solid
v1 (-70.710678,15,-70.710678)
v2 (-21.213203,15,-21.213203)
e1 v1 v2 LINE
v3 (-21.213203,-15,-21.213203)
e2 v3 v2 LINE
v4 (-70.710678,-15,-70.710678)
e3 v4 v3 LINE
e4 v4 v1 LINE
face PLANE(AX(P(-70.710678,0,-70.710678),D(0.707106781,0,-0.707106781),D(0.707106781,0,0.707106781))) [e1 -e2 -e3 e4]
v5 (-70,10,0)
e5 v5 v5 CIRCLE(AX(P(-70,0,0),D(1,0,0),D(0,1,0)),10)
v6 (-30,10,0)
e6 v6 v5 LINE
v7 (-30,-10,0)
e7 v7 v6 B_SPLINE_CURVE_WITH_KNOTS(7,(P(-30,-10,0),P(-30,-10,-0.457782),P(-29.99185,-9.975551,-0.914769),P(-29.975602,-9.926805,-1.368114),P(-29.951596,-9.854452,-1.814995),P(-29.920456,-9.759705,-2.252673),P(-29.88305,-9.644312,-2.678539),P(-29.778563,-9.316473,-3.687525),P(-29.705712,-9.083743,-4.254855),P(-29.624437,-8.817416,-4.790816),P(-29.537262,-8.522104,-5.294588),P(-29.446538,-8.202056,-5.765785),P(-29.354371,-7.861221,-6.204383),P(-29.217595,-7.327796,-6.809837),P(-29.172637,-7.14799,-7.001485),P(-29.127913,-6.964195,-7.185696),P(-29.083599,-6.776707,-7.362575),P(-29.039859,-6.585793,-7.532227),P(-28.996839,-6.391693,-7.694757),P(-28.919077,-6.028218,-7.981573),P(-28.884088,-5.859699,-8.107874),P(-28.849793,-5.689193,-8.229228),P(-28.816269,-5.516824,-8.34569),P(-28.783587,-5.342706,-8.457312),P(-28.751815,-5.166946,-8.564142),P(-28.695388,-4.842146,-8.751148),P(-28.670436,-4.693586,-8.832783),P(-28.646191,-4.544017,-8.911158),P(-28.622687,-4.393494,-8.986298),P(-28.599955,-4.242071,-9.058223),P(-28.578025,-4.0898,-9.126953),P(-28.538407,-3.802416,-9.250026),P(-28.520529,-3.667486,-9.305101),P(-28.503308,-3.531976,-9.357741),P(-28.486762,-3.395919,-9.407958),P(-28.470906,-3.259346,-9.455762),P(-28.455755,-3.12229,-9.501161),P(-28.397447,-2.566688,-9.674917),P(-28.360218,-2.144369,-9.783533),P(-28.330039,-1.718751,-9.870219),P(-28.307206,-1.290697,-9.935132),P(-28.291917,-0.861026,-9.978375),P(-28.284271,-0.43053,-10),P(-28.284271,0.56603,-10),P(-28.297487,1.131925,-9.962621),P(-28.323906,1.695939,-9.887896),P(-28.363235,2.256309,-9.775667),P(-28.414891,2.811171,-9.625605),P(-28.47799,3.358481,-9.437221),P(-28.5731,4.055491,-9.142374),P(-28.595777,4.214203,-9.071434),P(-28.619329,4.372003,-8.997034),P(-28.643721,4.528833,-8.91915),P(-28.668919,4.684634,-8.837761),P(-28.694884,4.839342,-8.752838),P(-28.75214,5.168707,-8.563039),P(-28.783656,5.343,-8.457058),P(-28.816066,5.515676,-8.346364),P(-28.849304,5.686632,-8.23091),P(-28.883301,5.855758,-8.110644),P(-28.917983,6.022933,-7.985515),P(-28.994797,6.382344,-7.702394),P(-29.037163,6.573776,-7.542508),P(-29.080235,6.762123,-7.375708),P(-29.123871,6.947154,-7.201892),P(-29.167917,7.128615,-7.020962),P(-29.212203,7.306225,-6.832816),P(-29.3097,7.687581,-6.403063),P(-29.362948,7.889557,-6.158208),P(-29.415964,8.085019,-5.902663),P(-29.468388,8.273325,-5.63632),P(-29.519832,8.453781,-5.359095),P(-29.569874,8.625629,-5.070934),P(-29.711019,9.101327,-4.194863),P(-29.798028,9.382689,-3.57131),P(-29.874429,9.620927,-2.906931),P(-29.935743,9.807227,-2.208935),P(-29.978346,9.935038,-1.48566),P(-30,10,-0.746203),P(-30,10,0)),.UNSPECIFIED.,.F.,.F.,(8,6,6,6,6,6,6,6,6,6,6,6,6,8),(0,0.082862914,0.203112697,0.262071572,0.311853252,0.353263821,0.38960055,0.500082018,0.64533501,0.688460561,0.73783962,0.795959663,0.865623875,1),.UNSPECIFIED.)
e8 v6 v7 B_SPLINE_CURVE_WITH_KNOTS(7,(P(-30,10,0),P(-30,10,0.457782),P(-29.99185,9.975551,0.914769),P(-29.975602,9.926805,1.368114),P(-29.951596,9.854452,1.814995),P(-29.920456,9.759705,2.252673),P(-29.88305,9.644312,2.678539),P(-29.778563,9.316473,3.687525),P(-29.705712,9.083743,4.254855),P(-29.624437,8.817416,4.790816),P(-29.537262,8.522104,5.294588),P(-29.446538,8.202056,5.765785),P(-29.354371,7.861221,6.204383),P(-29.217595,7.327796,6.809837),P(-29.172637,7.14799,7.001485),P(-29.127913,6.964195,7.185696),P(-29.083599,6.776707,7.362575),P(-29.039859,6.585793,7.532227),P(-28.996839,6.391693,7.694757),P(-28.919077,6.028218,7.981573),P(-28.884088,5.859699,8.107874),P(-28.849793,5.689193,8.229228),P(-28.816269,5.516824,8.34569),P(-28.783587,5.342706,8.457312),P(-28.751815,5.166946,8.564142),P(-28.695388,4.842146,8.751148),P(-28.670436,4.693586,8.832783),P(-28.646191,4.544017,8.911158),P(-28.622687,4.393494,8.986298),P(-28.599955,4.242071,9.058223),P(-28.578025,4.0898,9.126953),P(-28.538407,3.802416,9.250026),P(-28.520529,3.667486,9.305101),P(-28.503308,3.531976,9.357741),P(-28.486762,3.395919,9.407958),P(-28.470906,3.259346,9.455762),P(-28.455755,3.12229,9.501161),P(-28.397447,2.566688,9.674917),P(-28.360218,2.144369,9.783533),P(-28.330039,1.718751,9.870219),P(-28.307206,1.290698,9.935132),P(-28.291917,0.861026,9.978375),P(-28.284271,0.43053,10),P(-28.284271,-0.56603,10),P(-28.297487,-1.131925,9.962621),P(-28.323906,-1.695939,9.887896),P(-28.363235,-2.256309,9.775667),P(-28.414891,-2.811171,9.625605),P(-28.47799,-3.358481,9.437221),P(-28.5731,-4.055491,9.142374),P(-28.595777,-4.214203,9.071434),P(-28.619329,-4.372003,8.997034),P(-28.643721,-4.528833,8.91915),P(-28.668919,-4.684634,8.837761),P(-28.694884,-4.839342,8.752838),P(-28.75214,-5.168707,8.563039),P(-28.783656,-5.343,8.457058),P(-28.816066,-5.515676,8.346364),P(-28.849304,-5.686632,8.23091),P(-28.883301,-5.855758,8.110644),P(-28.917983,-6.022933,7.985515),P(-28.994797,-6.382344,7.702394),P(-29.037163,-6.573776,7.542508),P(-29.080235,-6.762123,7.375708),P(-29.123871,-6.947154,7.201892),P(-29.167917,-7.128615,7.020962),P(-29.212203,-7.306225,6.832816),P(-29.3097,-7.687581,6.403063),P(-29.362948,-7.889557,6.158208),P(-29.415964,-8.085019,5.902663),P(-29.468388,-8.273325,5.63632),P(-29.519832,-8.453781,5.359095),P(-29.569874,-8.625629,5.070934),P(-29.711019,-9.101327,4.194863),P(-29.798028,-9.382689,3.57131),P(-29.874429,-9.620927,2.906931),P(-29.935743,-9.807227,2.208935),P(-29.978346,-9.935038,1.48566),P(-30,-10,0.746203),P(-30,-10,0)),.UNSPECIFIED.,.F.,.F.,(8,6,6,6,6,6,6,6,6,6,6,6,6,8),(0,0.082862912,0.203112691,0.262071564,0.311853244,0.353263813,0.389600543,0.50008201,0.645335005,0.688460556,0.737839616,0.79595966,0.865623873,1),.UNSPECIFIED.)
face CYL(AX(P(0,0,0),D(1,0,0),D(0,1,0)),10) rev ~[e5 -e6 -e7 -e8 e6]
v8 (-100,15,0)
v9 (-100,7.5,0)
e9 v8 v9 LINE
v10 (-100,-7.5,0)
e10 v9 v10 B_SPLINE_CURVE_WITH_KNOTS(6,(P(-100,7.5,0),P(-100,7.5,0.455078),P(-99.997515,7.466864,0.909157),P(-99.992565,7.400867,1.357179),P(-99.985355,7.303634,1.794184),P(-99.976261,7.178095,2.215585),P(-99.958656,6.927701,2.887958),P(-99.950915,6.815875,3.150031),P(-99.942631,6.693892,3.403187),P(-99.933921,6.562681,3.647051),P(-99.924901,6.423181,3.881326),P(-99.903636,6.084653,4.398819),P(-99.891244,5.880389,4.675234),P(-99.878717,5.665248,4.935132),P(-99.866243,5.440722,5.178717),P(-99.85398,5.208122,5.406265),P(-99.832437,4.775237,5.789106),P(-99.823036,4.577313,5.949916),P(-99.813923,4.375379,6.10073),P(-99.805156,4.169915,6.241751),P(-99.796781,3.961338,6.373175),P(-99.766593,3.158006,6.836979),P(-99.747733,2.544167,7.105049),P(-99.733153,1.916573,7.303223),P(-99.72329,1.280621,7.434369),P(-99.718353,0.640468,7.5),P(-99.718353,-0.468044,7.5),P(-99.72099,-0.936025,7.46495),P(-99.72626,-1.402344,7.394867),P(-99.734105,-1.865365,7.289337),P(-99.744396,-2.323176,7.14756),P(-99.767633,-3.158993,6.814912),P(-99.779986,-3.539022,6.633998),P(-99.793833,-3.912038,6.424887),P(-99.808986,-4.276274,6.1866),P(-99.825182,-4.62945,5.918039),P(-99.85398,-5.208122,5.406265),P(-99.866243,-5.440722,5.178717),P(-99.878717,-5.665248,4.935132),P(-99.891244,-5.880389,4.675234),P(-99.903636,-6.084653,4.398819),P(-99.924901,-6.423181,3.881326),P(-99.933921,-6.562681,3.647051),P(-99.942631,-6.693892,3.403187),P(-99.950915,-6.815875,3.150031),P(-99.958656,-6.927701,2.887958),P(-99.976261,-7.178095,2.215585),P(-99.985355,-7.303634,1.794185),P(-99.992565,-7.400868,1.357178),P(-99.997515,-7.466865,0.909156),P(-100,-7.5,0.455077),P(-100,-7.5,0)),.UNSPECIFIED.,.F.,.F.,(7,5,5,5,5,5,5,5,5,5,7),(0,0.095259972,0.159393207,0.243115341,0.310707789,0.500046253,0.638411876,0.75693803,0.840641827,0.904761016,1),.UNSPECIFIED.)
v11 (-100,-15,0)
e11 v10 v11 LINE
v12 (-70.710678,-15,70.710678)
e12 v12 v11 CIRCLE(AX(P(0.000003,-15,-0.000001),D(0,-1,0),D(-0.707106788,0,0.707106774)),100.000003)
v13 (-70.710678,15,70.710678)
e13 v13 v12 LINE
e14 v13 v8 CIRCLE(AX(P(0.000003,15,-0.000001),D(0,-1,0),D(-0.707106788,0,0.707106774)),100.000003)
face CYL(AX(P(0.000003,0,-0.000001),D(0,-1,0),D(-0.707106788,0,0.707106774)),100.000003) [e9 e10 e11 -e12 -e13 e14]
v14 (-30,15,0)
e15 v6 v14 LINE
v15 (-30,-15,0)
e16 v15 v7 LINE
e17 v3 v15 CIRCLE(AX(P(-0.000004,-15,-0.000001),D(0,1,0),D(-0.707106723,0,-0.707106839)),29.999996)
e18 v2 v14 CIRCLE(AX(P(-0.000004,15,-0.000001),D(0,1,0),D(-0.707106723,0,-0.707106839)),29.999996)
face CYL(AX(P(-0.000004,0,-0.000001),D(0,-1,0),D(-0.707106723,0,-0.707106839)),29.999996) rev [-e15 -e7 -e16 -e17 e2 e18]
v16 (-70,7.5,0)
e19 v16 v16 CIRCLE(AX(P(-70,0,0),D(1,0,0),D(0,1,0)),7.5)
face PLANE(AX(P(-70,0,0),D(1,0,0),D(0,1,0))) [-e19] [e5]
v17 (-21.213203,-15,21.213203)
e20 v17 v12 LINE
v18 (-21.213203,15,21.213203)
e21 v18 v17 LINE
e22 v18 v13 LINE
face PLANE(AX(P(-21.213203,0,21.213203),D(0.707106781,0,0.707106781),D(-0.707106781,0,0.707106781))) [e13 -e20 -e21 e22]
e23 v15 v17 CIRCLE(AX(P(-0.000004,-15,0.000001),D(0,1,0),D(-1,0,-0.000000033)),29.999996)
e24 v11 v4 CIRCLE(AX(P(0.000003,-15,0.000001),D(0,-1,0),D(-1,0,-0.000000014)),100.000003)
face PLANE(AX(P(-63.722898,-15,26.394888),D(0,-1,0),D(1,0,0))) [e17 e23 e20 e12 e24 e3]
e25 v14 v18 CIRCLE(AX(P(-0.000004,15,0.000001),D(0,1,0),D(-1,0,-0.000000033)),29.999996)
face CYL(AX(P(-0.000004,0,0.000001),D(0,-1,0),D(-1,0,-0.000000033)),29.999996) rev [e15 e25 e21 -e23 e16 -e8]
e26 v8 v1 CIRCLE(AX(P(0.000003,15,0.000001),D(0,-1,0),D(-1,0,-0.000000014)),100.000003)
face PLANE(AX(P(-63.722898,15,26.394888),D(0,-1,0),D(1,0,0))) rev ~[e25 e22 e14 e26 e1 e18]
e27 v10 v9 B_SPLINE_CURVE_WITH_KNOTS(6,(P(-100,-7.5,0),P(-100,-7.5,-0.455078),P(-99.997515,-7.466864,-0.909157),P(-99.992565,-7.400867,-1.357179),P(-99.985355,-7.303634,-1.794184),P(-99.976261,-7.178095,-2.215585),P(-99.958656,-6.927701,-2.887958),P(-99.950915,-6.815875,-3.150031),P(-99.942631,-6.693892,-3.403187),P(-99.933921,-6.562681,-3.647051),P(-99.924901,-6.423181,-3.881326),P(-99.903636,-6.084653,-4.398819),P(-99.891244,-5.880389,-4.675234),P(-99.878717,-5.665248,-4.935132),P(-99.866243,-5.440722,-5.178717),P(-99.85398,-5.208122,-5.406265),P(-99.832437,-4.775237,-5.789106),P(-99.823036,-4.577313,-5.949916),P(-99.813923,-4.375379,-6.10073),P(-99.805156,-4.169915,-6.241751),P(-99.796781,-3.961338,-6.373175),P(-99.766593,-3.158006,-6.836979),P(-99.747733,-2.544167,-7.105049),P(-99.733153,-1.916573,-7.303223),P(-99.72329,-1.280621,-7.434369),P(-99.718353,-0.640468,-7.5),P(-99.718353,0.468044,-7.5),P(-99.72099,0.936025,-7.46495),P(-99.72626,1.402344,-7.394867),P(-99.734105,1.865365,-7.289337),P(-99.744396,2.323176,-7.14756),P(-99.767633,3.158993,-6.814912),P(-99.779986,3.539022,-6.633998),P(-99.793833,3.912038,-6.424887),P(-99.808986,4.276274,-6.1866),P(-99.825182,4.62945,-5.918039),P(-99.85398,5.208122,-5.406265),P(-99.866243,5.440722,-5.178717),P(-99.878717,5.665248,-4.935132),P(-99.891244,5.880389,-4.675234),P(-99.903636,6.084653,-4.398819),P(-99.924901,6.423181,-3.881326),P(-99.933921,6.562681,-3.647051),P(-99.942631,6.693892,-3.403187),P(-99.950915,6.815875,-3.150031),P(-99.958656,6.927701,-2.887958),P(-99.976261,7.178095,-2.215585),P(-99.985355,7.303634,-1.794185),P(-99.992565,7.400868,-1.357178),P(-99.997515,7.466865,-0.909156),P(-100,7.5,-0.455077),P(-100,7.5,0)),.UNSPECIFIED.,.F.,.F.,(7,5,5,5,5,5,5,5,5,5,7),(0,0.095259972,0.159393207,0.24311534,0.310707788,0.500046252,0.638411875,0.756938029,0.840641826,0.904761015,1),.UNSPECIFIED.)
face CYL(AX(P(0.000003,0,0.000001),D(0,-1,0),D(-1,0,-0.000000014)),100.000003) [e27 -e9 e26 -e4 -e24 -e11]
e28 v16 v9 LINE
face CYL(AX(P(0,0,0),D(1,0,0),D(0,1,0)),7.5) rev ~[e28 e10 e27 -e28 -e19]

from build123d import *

# Parameters (mm, degrees)
F1_DEPTH = 15
F2_R     = 7.5
F3_DEPTH = 107.336067
F4_R     = 10
F5_DEPTH = 70


with BuildPart() as f1:
    # F0 (on Front) → F1 (new body, symmetric)
    with BuildSketch(Plane.XZ):
        with BuildLine():
            ThreePointArc((-30, 0), (-27.716386, 11.480503), (-21.213203, 21.213203))
            Line((-21.213203, 21.213203), (-70.710678, 70.710678))
            ThreePointArc((-70.710678, 70.710678), (-92.387953, 38.268343), (-100, 0))
            Line((-100, 0), (-30, 0))
        make_face()
        with BuildLine():
            ThreePointArc((-21.213203, -21.213203), (-27.716386, -11.480503), (-30, 0))
            Line((-30, 0), (-100, 0))
            ThreePointArc((-100, 0), (-92.387953, -38.268343), (-70.710678, -70.710678))
            Line((-70.710678, -70.710678), (-21.213203, -21.213203))
        make_face()
    extrude(amount=F1_DEPTH, both=True)

    # F2 (on Right) → F3 (cut)
    with BuildSketch(Plane.YZ):
        Circle(F2_R)
    extrude(amount=-F3_DEPTH, mode=Mode.SUBTRACT)

    # F4 (on Right) → F5 (cut)
    with BuildSketch(Plane.YZ):
        Circle(F4_R)
    extrude(amount=-F5_DEPTH, mode=Mode.SUBTRACT)


solid = f1.part
